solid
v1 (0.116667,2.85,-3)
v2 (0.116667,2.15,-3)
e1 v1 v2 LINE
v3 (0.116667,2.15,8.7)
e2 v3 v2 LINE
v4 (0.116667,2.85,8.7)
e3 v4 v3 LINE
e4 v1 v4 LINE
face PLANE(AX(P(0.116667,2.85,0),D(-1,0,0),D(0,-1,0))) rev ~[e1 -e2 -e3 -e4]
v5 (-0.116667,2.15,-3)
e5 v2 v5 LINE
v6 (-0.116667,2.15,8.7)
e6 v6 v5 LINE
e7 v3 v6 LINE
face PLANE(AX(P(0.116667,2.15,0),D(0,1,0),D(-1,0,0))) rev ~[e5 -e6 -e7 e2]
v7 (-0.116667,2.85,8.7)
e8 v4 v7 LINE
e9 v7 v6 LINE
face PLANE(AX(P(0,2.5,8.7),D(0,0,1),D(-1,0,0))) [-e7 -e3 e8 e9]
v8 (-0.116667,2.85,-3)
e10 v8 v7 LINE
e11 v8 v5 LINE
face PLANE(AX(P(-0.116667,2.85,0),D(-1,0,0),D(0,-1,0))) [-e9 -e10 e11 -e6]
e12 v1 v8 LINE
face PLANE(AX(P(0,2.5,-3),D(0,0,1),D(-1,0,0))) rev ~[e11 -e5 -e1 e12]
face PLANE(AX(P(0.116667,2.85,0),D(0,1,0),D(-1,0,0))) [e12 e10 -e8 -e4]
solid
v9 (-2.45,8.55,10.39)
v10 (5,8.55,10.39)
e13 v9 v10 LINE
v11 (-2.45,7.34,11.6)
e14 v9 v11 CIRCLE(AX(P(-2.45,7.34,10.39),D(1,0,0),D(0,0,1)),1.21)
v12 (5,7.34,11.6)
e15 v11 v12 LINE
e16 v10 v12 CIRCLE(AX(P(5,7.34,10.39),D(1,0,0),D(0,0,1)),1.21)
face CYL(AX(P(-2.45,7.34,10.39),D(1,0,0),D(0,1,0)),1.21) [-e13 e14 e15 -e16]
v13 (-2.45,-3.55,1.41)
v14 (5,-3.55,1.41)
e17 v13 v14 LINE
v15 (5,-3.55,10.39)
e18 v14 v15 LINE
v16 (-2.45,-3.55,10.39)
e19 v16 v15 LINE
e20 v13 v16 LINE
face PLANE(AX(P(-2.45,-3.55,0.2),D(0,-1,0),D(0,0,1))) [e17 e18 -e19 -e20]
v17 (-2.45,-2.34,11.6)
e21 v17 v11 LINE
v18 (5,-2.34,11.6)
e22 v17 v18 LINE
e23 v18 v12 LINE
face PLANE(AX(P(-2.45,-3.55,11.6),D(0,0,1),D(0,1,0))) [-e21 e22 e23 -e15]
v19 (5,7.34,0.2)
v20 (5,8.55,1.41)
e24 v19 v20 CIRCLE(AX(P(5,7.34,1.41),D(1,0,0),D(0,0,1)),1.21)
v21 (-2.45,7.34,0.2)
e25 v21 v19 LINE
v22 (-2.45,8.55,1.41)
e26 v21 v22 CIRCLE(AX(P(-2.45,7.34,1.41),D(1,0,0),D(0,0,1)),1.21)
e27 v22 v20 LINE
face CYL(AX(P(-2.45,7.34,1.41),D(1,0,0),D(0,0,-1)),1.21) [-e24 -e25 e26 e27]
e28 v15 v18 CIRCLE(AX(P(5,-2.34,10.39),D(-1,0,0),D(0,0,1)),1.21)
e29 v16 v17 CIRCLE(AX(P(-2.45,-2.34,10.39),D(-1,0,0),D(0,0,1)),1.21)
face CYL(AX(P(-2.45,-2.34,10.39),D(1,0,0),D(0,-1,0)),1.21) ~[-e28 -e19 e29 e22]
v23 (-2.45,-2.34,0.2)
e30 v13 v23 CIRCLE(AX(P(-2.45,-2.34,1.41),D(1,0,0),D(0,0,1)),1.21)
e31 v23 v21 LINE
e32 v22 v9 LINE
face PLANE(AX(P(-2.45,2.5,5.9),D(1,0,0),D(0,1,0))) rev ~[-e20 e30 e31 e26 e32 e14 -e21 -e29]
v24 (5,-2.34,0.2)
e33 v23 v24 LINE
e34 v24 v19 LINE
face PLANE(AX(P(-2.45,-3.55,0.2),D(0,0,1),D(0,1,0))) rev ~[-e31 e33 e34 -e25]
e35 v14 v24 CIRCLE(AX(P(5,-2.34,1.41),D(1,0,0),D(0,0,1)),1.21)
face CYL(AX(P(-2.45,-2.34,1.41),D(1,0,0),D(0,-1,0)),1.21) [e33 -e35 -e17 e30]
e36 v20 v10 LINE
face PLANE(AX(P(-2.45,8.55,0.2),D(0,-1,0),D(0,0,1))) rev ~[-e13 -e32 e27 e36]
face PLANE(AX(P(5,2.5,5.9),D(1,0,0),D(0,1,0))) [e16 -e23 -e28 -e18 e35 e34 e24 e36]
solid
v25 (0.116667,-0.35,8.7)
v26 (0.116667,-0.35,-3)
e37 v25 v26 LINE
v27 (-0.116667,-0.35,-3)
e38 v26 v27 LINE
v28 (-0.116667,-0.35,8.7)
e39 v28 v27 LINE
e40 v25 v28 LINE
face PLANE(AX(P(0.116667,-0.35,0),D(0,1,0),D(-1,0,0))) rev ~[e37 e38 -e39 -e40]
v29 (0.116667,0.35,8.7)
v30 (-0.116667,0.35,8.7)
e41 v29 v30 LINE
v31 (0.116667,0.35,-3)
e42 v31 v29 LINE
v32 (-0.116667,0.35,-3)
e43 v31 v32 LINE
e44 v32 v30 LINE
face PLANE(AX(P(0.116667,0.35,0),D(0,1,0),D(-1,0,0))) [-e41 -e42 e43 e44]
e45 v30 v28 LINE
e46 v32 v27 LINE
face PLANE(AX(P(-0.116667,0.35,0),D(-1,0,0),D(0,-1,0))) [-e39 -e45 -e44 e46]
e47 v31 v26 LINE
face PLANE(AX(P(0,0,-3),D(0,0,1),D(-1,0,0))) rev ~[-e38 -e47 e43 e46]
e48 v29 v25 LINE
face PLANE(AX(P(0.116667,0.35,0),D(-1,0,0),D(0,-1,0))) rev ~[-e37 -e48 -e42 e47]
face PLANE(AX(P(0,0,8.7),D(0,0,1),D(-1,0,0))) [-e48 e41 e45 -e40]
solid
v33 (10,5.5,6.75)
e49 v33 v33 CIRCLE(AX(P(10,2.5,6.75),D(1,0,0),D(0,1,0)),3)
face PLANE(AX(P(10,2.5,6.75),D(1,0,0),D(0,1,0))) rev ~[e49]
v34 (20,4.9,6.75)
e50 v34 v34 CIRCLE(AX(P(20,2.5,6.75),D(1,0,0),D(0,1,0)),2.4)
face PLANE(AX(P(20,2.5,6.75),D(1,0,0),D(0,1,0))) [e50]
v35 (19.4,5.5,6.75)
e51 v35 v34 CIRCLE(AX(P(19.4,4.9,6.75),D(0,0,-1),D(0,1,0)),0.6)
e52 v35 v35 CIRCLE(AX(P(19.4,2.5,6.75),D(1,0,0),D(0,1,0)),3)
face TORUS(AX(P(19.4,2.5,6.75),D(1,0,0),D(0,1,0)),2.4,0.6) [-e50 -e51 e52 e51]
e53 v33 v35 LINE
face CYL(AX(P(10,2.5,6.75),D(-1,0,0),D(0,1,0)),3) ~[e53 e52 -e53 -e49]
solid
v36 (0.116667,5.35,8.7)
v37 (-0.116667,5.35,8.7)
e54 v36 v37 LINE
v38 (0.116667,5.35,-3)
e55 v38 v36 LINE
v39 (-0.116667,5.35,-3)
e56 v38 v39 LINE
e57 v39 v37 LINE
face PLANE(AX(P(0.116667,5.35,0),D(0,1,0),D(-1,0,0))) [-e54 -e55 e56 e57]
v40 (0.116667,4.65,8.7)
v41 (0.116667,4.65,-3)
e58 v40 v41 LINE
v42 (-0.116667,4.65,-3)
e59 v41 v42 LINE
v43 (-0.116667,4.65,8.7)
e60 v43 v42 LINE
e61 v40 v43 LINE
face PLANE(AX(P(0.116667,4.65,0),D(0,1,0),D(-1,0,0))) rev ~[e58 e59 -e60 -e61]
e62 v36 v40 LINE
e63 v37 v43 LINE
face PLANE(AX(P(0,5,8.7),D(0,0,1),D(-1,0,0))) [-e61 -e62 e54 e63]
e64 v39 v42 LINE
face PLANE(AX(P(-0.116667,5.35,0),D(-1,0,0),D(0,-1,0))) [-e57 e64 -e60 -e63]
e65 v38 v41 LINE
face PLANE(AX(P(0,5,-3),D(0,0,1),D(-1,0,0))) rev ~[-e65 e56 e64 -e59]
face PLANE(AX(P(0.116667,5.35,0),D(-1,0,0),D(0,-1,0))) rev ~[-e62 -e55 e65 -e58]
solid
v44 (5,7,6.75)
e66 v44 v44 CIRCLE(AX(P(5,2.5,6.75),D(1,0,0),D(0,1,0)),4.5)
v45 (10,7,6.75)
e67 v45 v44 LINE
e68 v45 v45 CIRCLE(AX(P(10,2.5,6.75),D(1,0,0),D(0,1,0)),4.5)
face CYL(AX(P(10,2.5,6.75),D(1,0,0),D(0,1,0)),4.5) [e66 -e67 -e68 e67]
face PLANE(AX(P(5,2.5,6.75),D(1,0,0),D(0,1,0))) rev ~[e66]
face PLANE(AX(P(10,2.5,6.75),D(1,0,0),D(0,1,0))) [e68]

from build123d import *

# Parameters (mm, degrees)
SKETCH001_R       = 4.5
PAD001_DEPTH      = 5
SKETCH003_W       = 0.233334
SKETCH003_H       = 0.7
PAD002_DEPTH      = 8.7
PAD002_DEPTH_BACK = 3
SKETCH004_R       = 3
PAD003_DEPTH      = 10
FILLET_R          = 0.6
SKETCH_W          = 12.1
SKETCH_H          = 11.4
PAD_DEPTH         = 7.45
FILLET001_R       = 1.21


with BuildPart() as pad001:
    # Sketch001 → Pad001 (new body)
    with BuildSketch(Plane.YZ.offset(10)):
        with Locations((2.5, 6.75)):
            Circle(SKETCH001_R)
    extrude(amount=-PAD001_DEPTH)


with BuildPart() as pad002:
    # Sketch003 → Pad002 (new body, two sides)
    with BuildSketch(Plane(origin=(0, 0, 0), x_dir=(-1, 0, 0), z_dir=(0, 0, 1))) as pad002_sk:
        Rectangle(SKETCH003_W, SKETCH003_H)
        with Locations((0, -2.5)):
            Rectangle(SKETCH003_W, SKETCH003_H)
        with Locations((0, -5)):
            Rectangle(SKETCH003_W, SKETCH003_H)
    extrude(amount=PAD002_DEPTH)
    extrude(pad002_sk.sketch, amount=-PAD002_DEPTH_BACK)


with BuildPart() as fillet_body:
    # Sketch004 → Pad003 (new body)
    with BuildSketch(Plane.YZ.offset(10)):
        with Locations((2.5, 6.75)):
            Circle(SKETCH004_R)
    extrude(amount=PAD003_DEPTH)

    # Fillet
    fillet_edges = [fillet_body.edges().sort_by_distance(p)[0] for p in [
        (20, -0.5, 6.75),
    ]]
    fillet(fillet_edges, radius=FILLET_R)


with BuildPart() as fillet001:
    # Sketch → Pad (new body)
    with BuildSketch(Plane.YZ.offset(-2.45)):
        with Locations((2.5, 5.9)):
            Rectangle(SKETCH_W, SKETCH_H)
    extrude(amount=PAD_DEPTH)

    # Fillet001
    fillet001_edges = [fillet001.edges().sort_by_distance(p)[0] for p in [
        (1.275, -3.55, 11.6),
        (1.275, 8.55, 11.6),
        (1.275, -3.55, 0.2),
        (1.275, 8.55, 0.2),
    ]]
    fillet(fillet001_edges, radius=FILLET001_R)


solid = Compound([pad001.part, pad002.part, fillet_body.part, fillet001.part])
